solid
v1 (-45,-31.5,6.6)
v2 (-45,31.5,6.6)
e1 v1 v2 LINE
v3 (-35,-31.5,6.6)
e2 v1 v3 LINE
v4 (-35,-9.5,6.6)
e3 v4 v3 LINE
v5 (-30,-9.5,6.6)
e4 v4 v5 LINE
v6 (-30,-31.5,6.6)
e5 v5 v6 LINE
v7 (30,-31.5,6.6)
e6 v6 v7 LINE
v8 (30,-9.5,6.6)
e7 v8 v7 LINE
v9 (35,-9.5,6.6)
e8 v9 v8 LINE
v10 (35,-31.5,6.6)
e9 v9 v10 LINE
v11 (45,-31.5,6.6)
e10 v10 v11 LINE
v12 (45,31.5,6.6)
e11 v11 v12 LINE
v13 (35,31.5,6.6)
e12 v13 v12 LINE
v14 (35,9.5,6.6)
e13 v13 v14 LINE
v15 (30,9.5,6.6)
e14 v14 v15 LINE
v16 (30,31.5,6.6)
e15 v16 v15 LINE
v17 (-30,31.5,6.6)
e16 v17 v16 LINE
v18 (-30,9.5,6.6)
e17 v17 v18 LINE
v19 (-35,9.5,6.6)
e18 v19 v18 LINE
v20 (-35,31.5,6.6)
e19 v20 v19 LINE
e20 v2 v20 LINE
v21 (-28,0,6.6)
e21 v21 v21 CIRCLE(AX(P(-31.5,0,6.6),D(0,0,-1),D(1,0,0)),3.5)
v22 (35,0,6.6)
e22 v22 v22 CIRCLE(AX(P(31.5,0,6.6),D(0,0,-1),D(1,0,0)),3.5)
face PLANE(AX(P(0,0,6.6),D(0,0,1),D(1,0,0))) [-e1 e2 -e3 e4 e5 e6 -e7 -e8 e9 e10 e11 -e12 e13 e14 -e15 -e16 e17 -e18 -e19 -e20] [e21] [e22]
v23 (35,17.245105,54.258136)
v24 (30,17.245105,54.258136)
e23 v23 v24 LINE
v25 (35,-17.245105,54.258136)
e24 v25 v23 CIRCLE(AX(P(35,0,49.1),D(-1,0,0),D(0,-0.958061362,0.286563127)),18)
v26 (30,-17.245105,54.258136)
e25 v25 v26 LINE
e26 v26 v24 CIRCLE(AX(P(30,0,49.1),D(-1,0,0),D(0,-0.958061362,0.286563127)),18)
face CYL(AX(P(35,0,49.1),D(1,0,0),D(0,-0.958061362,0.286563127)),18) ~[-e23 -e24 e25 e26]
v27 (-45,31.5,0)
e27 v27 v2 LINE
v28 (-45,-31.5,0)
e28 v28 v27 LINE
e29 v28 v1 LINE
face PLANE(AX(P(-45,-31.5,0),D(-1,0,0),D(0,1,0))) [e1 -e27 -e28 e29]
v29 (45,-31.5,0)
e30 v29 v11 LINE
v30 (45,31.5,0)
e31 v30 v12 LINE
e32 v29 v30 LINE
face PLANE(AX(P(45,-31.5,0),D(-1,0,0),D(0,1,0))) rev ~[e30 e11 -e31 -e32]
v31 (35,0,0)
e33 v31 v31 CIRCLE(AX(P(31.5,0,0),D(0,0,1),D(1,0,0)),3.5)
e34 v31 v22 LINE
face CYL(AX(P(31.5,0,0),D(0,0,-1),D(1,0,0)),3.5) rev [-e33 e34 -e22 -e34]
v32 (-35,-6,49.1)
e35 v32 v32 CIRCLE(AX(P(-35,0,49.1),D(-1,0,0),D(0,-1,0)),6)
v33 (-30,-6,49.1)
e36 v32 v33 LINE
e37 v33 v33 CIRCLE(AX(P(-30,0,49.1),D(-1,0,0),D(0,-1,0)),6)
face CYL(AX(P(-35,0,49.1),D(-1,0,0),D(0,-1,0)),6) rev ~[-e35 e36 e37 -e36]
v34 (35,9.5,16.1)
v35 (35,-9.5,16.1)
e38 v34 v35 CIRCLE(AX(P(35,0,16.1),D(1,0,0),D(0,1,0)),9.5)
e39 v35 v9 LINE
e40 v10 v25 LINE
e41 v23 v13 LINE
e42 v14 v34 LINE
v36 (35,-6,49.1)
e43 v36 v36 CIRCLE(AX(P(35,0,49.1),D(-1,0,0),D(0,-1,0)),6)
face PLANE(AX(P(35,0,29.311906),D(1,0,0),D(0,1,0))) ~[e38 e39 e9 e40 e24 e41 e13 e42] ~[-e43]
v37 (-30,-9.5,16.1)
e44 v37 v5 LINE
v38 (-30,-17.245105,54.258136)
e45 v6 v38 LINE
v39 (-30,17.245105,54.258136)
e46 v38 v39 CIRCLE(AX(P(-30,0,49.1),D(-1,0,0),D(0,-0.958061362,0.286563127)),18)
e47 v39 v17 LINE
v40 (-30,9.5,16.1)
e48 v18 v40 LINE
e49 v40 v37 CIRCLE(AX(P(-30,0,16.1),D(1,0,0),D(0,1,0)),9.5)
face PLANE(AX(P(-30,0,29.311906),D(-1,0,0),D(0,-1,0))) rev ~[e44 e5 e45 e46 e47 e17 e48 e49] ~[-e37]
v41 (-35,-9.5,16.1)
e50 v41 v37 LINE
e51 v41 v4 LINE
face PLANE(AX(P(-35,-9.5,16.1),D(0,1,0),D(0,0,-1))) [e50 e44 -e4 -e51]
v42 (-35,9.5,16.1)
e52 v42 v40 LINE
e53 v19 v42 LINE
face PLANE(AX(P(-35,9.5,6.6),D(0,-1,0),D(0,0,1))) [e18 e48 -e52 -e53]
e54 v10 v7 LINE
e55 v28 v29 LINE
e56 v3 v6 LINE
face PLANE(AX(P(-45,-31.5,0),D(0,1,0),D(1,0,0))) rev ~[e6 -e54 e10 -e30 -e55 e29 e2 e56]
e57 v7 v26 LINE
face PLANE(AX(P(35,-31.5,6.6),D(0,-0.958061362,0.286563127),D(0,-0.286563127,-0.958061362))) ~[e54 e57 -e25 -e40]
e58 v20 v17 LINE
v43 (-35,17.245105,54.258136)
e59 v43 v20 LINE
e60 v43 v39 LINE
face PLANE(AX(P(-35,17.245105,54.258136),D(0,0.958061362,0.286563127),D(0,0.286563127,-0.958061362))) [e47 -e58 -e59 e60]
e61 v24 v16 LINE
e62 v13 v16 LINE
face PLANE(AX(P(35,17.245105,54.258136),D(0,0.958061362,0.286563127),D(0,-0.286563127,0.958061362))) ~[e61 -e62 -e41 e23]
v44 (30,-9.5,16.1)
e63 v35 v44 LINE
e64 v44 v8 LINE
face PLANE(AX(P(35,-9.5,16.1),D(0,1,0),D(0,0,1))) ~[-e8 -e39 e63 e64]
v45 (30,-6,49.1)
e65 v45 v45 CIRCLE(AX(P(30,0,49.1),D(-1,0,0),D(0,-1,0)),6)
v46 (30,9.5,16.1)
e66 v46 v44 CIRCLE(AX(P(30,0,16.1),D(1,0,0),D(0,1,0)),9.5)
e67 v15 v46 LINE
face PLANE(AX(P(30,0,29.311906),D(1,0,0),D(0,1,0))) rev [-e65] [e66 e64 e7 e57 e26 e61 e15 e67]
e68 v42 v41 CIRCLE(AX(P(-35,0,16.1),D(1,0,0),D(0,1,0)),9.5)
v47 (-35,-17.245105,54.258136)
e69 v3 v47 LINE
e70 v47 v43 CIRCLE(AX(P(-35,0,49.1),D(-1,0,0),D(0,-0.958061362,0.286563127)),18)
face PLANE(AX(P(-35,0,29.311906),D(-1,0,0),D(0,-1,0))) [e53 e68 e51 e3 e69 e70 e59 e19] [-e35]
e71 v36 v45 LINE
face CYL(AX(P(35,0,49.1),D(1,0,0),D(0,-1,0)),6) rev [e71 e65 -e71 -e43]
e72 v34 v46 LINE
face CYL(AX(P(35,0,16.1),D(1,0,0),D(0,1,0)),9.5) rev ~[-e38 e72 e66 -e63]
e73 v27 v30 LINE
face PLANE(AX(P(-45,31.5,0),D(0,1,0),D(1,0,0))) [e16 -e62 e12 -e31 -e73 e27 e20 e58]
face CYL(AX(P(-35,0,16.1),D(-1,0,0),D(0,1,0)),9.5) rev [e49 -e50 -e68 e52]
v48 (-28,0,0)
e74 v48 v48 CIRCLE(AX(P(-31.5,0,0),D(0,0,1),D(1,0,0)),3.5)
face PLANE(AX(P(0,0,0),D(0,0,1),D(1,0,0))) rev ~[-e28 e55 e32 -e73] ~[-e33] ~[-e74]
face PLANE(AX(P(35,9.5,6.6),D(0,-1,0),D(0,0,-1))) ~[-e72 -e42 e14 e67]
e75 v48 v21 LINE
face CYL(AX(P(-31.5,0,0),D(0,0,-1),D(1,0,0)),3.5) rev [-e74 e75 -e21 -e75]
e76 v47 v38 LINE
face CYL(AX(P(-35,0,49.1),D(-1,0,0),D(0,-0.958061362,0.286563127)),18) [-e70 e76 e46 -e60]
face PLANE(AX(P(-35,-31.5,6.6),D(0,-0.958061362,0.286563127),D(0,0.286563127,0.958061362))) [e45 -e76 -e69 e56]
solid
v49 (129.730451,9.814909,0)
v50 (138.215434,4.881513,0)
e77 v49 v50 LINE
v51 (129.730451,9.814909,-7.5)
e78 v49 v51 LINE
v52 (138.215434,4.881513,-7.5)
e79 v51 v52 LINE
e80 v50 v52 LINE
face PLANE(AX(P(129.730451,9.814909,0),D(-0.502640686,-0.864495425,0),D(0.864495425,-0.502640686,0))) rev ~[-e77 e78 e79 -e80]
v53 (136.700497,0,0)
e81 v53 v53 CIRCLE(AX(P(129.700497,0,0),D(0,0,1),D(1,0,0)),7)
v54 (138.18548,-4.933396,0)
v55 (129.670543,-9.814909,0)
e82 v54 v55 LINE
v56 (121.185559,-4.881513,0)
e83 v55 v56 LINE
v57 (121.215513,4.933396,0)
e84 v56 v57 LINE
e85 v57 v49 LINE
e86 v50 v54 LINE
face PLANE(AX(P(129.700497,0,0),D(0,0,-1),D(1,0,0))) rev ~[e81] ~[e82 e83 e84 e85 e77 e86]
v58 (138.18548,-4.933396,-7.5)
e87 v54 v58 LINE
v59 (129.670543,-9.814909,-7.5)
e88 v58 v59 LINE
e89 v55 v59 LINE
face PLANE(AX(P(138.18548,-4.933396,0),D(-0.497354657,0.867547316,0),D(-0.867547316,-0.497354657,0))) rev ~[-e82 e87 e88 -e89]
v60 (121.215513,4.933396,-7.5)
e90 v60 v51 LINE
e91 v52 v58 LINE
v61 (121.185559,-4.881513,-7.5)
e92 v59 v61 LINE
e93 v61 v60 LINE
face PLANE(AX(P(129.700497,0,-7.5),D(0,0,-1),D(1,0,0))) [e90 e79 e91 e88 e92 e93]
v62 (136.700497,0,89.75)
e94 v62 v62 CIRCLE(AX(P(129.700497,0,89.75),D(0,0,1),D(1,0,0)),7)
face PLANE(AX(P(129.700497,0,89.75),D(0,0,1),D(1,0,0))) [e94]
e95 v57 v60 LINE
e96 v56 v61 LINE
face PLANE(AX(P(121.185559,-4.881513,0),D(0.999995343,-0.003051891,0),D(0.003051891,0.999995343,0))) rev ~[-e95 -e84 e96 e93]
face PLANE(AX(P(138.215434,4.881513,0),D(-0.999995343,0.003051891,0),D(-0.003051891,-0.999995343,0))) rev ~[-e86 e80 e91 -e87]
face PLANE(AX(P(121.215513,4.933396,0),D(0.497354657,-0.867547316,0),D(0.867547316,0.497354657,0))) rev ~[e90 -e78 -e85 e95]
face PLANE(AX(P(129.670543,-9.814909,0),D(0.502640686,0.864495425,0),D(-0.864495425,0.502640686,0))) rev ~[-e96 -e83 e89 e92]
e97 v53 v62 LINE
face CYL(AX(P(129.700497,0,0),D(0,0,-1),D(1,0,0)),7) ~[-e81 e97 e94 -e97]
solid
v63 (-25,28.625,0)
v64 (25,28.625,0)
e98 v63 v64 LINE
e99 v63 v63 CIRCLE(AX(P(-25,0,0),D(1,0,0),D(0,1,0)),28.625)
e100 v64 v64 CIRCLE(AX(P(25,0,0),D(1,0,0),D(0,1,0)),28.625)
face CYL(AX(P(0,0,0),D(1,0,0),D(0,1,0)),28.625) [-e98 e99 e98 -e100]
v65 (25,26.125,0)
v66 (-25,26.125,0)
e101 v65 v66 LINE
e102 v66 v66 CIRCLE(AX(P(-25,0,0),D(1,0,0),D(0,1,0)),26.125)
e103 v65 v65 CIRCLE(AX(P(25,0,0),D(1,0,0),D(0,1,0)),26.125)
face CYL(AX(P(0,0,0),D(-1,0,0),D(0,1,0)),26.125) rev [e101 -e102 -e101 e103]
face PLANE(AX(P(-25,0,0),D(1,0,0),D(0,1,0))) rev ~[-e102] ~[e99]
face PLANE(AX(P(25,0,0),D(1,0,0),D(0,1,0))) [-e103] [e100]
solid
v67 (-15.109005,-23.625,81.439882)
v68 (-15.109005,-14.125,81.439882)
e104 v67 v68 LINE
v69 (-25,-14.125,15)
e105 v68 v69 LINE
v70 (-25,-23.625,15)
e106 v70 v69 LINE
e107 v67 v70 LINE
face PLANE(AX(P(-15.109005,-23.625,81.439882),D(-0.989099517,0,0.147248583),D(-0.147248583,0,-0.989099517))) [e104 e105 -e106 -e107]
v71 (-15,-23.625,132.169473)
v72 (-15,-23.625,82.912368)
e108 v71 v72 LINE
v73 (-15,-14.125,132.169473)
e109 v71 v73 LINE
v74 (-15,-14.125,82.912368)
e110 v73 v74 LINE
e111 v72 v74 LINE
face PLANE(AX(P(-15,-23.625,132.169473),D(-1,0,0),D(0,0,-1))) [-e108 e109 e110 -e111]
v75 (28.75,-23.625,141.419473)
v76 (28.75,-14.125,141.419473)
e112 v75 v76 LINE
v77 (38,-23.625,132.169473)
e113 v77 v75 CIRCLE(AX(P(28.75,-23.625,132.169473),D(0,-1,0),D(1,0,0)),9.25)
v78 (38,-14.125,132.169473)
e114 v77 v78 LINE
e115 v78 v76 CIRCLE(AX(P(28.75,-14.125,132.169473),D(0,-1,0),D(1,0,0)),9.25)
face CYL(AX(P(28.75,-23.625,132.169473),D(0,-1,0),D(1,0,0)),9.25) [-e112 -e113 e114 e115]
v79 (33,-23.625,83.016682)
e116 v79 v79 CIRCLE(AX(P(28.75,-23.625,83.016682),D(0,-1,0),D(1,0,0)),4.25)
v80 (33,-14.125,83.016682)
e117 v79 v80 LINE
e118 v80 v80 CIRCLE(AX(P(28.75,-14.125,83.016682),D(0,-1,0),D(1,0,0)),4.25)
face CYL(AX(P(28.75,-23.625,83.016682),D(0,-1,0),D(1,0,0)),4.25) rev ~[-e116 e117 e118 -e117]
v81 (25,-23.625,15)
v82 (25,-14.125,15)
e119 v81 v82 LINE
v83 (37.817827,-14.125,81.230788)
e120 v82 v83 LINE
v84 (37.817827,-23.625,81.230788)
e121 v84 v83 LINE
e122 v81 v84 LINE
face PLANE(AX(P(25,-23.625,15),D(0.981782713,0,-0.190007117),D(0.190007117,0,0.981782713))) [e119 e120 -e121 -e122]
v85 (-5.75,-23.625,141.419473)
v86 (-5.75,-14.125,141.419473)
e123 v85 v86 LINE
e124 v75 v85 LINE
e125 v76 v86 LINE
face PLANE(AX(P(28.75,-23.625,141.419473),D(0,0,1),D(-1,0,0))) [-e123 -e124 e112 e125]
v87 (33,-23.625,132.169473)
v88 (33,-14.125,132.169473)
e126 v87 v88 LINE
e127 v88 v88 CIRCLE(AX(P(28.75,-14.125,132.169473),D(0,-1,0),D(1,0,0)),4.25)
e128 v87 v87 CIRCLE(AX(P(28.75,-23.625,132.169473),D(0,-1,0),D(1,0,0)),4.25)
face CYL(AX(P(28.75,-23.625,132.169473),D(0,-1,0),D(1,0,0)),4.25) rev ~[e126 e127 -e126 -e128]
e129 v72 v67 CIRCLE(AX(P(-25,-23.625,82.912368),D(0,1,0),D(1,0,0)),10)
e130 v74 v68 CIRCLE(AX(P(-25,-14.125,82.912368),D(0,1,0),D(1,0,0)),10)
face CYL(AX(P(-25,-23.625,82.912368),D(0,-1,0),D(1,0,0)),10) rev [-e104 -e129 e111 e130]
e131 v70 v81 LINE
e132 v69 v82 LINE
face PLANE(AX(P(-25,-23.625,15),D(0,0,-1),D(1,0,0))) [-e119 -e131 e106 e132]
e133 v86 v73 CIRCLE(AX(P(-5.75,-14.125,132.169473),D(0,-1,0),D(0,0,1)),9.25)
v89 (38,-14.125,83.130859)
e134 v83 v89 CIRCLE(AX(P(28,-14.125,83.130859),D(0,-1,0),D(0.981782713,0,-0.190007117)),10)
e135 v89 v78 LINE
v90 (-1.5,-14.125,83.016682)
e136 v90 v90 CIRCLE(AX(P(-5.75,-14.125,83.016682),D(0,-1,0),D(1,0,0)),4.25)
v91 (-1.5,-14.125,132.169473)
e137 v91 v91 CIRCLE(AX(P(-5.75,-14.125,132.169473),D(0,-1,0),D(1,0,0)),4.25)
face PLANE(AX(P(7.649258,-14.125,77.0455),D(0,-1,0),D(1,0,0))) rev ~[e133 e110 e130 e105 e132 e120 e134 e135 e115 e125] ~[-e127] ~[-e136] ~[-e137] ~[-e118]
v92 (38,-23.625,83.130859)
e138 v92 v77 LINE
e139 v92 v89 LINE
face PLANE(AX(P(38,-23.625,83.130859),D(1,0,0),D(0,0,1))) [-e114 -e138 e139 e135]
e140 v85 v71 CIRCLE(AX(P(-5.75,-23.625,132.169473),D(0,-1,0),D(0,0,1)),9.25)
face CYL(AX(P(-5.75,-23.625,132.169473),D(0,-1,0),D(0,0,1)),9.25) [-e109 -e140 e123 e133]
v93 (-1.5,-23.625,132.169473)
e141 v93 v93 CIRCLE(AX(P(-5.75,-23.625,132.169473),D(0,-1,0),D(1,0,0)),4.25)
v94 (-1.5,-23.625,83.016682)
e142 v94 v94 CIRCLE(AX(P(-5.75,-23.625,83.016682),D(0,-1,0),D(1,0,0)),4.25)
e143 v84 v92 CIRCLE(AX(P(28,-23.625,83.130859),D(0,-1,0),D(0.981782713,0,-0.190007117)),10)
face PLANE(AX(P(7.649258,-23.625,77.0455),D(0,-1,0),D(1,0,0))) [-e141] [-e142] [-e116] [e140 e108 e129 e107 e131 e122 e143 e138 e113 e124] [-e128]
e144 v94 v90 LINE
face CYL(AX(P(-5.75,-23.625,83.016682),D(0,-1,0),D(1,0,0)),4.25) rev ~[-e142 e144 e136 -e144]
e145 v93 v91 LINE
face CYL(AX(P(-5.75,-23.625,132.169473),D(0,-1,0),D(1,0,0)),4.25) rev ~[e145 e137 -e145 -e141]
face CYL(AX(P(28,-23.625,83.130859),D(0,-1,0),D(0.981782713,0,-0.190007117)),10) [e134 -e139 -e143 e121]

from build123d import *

# Parameters (mm, degrees)
F0_W      = 90
F0_H      = 63
F0_R      = 3.5
F1_DEPTH  = 6.6
F3_R      = 6
F4_DEPTH  = 5
F6_R      = 28.625
F6_R_2    = 26.125
F7_DEPTH  = 25
F9_R      = 4.25
F10_DEPTH = 9.5
F11_R     = 7
F12_DEPTH = 89.75
F13_R     = 7
F14_DEPTH = 7.5


with BuildPart() as f1:
    # F0 (on Top) → F1 (new body)
    with BuildSketch(Plane.XY):
        Rectangle(F0_W, F0_H)
        with Locations((-31.5, 0)):
            Circle(F0_R, mode=Mode.SUBTRACT)
        with Locations((31.5, 0)):
            Circle(F0_R, mode=Mode.SUBTRACT)
    extrude(amount=F1_DEPTH)

    # F3 (on offset) → F4 (join)
    with BuildSketch(Plane(origin=(-35, 0, 0), x_dir=(0, -1, 0), z_dir=(-1, 0, 0))):
        with BuildLine():
            Line((-17.2451045222, 54.258136293), (-31.5, 6.6))
            Line((-31.5, 6.6), (-9.5, 6.6))
            Line((-9.5, 6.6), (-9.5, 16.1))
            ThreePointArc((-9.5, 16.1), (0, 25.6), (9.5, 16.1))
            Line((9.5, 16.1), (9.5, 6.6))
            Line((9.5, 6.6), (31.5, 6.6))
            Line((31.5, 6.6), (17.2451045222, 54.258136293))
            ThreePointArc((17.2451045222, 54.258136293), (0, 67.1), (-17.2451045222, 54.258136293))
        make_face()
        with Locations((0, 49.1)):
            Circle(F3_R, mode=Mode.SUBTRACT)
    extrude(amount=-F4_DEPTH)

    # F5: F1 across plane


with BuildPart() as f1_1:
    add(f1.part)
    add(f1.part.mirror(Plane.YZ))


with BuildPart() as f7:
    # F6 (on Right) → F7 (new body, symmetric)
    with BuildSketch(Plane.YZ):
        Circle(F6_R)
        Circle(F6_R_2, mode=Mode.SUBTRACT)
    extrude(amount=F7_DEPTH, both=True)


with BuildPart() as f10:
    # F9 (on offset) → F10 (new body)
    with BuildSketch(Plane.XZ.offset(23.625)):
        with BuildLine():
            Line((28.75, 141.4194731562), (-5.75, 141.4194731562))
            ThreePointArc((-5.75, 141.4194731562), (-12.290737726, 138.7102108822), (-15, 132.1694731562))
            Line((-15, 132.1694731562), (-15, 82.9123682714))
            ThreePointArc((-15, 82.9123682714), (-15.0272884401, 82.1741107665), (-15.1090048287, 81.4398824408))
            Line((-15.1090048287, 81.4398824408), (-25, 15))
            Line((-25, 15), (25, 15))
            Line((25, 15), (37.8178271303, 81.2307881629))
            ThreePointArc((37.8178271303, 81.2307881629), (37.9543525983, 82.1764671942), (38, 83.1308593298))
            Line((38, 83.1308593298), (38, 132.1694731562))
            ThreePointArc((38, 132.1694731562), (35.290737726, 138.7102108822), (28.75, 141.4194731562))
        make_face()
        with Locations((-5.75, 83.0166818202)):
            Circle(F9_R, mode=Mode.SUBTRACT)
        with Locations((-5.75, 132.1694731562)):
            Circle(F9_R, mode=Mode.SUBTRACT)
        with Locations((28.75, 83.0166818202)):
            Circle(F9_R, mode=Mode.SUBTRACT)
        with Locations((28.75, 132.1694731562)):
            Circle(F9_R, mode=Mode.SUBTRACT)
    extrude(amount=-F10_DEPTH)


with BuildPart() as f12:
    # F11 (on Top) → F12 (new body)
    with BuildSketch(Plane.XY):
        with Locations((129.7004967928, 0)):
            Circle(F11_R)
    extrude(amount=F12_DEPTH)

    # F13 (on face) → F14 (join)
    with BuildSketch(Plane(origin=(0, 0, 0), x_dir=(1, 0, 0), z_dir=(0, 0, -1))):
        Polygon((138.1854801239, 4.9333955046), (129.6705426244, 9.8149088677), (121.1855592933, 4.8815133631), (121.2155134617, -4.9333955046), (129.7304509612, -9.8149088677), (138.2154342922, -4.8815133631), align=None)
        with Locations((129.7004967928, 0)):
            Circle(F13_R, mode=Mode.SUBTRACT)
        with Locations((129.7004967928, 0)):
            Circle(F13_R)
    extrude(amount=F14_DEPTH)


solid = Compound([f1_1.part, f7.part, f10.part, f12.part])
